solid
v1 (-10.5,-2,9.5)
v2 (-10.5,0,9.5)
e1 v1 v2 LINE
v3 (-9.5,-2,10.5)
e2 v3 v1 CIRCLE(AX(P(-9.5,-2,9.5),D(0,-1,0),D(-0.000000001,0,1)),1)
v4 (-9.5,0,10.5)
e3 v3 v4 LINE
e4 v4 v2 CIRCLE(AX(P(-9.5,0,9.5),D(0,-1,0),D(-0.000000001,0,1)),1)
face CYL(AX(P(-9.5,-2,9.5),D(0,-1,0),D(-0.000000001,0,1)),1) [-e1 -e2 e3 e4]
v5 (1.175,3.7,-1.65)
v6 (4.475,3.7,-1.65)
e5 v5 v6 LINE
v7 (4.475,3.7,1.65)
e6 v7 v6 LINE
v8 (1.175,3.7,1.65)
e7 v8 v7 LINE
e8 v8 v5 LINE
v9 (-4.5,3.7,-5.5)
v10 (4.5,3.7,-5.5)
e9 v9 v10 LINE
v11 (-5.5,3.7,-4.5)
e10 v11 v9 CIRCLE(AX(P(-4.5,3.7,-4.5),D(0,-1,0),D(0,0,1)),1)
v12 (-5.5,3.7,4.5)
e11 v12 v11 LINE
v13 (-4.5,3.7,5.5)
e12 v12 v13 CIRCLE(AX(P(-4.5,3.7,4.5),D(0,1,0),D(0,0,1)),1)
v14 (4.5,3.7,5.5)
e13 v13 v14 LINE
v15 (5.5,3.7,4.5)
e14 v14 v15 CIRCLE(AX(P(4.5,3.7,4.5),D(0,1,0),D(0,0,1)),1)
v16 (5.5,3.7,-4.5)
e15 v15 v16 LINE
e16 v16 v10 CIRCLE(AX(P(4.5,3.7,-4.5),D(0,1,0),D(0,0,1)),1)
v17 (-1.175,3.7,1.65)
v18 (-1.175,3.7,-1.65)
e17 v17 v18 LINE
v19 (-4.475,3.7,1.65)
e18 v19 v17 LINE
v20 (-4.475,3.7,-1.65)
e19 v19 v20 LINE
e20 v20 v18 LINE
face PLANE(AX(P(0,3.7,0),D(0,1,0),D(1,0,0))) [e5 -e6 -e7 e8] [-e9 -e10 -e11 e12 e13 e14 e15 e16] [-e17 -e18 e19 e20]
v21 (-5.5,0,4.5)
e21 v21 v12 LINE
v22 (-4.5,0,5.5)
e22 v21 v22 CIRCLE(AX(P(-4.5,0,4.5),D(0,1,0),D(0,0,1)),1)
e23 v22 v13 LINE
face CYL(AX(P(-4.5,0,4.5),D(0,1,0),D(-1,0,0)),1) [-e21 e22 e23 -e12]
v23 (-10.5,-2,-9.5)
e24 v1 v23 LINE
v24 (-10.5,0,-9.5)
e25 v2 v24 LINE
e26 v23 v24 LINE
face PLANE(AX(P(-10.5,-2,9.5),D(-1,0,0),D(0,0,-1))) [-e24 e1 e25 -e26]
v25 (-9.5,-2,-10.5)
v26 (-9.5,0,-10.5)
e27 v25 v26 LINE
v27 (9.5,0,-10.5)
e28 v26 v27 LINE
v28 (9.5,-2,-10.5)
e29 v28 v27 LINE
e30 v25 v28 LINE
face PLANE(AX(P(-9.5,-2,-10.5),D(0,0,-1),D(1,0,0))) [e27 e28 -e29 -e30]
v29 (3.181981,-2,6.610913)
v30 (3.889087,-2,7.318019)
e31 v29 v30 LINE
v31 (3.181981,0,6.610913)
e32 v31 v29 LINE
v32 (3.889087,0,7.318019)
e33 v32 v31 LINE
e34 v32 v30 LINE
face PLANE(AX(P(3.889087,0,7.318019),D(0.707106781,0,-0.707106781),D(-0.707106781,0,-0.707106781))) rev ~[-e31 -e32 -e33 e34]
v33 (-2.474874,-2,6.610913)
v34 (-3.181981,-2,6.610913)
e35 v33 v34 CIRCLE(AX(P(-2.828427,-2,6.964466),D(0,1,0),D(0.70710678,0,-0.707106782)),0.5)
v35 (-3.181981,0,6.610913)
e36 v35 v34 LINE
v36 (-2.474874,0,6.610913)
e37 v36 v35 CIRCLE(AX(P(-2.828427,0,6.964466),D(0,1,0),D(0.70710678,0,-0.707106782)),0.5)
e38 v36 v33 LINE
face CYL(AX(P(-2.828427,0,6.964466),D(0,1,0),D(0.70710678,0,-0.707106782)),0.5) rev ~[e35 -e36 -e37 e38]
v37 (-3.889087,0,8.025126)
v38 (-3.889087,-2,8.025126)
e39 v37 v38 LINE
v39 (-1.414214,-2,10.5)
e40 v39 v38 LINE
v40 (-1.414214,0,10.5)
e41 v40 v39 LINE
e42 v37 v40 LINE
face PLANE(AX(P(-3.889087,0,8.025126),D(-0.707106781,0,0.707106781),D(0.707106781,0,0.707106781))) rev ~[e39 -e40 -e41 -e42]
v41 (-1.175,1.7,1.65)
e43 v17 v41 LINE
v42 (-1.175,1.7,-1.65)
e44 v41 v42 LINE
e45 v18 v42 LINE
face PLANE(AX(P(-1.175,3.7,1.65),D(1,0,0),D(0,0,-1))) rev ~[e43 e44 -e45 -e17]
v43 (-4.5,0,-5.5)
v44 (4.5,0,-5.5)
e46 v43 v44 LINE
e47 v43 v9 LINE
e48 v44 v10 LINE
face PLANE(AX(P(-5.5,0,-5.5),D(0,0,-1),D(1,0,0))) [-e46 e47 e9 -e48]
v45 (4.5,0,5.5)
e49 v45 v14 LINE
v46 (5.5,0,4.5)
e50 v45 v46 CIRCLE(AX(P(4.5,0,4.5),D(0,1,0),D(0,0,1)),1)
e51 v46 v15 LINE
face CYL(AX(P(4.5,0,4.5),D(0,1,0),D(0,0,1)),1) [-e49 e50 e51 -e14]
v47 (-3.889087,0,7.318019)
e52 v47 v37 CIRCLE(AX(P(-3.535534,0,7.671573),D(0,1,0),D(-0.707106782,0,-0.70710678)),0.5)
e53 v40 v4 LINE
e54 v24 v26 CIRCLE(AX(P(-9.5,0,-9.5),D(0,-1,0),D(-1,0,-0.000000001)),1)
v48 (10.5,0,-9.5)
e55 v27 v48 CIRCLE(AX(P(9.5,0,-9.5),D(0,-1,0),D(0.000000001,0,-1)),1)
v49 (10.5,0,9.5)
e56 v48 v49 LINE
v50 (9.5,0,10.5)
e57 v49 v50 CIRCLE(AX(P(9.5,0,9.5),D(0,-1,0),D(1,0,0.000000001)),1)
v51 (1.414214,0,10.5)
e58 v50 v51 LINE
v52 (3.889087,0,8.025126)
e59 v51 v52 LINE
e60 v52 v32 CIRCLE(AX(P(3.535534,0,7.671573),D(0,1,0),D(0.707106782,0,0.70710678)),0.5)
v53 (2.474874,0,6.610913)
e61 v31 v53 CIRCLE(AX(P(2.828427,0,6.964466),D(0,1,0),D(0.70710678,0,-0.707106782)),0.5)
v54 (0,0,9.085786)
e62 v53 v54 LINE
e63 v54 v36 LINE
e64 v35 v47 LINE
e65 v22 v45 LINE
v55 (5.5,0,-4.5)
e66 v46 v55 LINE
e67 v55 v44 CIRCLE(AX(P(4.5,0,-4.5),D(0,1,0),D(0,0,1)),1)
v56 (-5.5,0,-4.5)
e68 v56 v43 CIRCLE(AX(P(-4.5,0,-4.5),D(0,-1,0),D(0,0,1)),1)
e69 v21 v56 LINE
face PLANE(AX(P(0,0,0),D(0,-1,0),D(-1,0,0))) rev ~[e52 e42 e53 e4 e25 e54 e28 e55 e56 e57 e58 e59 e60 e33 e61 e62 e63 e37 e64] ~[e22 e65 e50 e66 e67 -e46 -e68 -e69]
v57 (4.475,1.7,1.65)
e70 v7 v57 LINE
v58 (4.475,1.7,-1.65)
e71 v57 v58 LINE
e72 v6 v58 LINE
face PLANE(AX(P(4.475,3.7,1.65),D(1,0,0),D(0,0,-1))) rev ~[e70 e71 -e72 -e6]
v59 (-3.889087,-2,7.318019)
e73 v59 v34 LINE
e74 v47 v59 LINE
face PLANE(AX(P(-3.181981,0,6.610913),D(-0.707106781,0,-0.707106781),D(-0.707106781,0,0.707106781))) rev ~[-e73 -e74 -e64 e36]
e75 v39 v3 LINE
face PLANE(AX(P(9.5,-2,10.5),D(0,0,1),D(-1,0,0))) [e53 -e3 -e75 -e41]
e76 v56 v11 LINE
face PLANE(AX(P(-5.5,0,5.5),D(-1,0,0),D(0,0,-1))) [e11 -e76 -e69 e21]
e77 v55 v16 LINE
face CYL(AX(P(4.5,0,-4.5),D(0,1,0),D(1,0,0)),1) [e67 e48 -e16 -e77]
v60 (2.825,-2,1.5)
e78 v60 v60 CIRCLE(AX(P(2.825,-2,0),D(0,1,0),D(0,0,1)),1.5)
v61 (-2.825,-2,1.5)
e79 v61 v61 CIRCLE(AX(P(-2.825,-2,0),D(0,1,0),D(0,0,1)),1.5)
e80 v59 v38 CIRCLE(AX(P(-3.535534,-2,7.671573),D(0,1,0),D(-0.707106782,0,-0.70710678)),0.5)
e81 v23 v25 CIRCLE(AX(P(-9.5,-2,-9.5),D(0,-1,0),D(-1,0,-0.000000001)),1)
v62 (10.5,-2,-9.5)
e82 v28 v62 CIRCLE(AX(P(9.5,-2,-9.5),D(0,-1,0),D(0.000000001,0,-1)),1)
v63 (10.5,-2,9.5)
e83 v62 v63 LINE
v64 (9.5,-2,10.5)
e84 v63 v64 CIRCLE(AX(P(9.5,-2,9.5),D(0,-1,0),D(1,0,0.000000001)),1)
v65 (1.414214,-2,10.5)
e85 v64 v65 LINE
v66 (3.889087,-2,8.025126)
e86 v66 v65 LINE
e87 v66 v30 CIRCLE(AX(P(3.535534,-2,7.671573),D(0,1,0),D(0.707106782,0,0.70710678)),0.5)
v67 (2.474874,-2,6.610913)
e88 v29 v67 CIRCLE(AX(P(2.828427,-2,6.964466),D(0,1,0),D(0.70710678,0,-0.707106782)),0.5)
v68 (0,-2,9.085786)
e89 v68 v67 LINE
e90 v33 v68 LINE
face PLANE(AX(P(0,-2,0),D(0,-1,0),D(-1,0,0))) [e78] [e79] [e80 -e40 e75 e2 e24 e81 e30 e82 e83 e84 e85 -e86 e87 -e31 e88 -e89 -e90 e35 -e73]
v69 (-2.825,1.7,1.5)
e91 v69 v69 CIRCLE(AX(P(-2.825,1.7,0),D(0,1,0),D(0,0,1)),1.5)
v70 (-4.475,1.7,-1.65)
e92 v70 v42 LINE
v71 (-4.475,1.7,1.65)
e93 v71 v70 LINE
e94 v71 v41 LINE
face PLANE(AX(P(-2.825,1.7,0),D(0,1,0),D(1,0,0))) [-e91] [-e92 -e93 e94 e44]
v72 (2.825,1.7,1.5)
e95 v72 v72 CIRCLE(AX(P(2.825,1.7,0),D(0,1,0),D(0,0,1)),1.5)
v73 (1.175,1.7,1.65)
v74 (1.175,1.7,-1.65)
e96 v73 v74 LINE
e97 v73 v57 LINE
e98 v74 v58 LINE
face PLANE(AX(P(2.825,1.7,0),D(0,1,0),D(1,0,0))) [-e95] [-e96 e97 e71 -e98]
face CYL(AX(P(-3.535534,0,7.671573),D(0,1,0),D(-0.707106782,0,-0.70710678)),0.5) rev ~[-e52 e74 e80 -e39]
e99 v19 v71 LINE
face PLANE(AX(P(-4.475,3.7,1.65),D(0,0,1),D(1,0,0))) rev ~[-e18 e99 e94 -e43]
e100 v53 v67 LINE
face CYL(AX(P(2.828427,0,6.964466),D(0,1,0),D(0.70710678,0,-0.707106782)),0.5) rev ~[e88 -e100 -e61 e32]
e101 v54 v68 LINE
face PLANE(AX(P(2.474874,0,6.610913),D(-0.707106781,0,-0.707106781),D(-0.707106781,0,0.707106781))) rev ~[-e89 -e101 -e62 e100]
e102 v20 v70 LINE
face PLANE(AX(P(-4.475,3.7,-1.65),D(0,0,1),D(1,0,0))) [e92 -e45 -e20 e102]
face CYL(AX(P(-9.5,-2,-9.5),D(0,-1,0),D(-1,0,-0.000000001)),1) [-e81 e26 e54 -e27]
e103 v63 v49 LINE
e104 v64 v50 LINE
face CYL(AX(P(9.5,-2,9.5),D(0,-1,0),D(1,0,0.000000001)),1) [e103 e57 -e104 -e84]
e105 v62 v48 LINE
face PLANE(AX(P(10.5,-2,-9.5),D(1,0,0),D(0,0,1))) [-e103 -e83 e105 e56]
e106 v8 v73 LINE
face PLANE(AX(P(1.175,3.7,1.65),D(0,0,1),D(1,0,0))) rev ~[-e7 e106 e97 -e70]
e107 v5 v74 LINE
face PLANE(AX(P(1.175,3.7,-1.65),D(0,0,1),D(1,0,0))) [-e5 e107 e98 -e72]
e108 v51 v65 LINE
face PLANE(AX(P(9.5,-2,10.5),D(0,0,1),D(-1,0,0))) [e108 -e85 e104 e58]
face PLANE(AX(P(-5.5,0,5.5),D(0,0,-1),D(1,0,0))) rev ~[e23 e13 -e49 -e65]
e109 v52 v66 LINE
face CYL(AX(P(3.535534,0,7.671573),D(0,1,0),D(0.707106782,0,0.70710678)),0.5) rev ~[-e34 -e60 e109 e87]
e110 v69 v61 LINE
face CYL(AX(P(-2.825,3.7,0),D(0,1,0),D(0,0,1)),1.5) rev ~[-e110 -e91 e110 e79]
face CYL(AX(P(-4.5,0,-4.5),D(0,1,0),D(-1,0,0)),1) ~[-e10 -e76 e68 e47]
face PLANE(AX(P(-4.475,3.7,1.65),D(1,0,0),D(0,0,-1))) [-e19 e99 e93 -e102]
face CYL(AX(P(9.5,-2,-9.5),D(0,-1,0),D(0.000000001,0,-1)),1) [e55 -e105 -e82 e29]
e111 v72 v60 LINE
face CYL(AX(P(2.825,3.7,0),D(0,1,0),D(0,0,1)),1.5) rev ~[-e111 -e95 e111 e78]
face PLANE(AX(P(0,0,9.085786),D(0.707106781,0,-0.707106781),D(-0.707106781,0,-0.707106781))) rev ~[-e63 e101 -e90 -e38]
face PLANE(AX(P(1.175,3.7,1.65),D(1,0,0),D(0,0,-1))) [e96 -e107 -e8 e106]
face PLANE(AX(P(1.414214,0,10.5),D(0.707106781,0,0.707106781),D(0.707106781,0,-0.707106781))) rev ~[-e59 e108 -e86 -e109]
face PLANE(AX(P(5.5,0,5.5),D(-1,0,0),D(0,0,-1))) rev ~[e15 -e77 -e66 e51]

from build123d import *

# Parameters (mm, degrees)
SKETCH1_W           = 11
SKETCH1_H           = 11
BOSS_EXTRUDE1_DEPTH = 3.7
FILLET1_R           = 1
SKETCH2_W           = 3.3
SKETCH2_H           = 3.3
CUT_EXTRUDE1_DEPTH  = 2
SKETCH4_R           = 2.2
BOSS_EXTRUDE2_DEPTH = 2
BOSS_EXTRUDE3_DEPTH = 2
SKETCH3_R           = 1.5
CUT_EXTRUDE2_DEPTH  = 16.90565937
CUT_EXTRUDE3_DEPTH  = 16.303267625


with BuildPart() as part:
    # Sketch1 → Boss-Extrude1 (new body)
    with BuildSketch(Plane(origin=(0, 0, 0), x_dir=(1, 0, 0), z_dir=(0, 1, 0))):
        Rectangle(SKETCH1_W, SKETCH1_H)
    extrude(amount=BOSS_EXTRUDE1_DEPTH)

    # Fillet1
    fillet1_edges = [part.edges().sort_by_distance(p)[0] for p in [
        (5.5, 1.85, 5.5),
        (-5.5, 1.85, 5.5),
        (-5.5, 1.85, -5.5),
        (5.5, 1.85, -5.5),
    ]]
    fillet(fillet1_edges, radius=FILLET1_R)

    # Sketch2 → Cut-Extrude1 (cut)
    with BuildSketch(Plane(origin=(0, 3.7, 0), x_dir=(1, 0, 0), z_dir=(0, 1, 0))):
        with Locations((-2.825, 0)):
            Rectangle(SKETCH2_W, SKETCH2_H)
        with Locations((2.825, 0)):
            Rectangle(SKETCH2_W, SKETCH2_H)
    extrude(amount=-CUT_EXTRUDE1_DEPTH, mode=Mode.SUBTRACT)

    # Sketch4 → Boss-Extrude2 (add)
    with BuildSketch(Plane(origin=(0, 0, 0), x_dir=(-1, 0, 0), z_dir=(0, -1, 0))):
        with Locations(Location((2.825, 0, 0), (0, 0, 90))):
            Circle(SKETCH4_R)
        with Locations(Location((-2.825, 0, 0), (0, 0, 90))):
            Circle(SKETCH4_R)
    extrude(amount=BOSS_EXTRUDE2_DEPTH)

    # Sketch5 → Boss-Extrude3 (add)
    with BuildSketch(Plane(origin=(0, -2, 0), x_dir=(-1, 0, 0), z_dir=(0, -1, 0))):
        with BuildLine():
            Line((9.5, 10.5), (-9.5, 10.5))
            ThreePointArc((-9.5, 10.5), (-10.207106781, 10.207106781), (-10.5, 9.5))
            Line((-10.5, 9.5), (-10.5, -9.5))
            ThreePointArc((-10.5, -9.5), (-10.207106781, -10.207106781), (-9.5, -10.5))
            Line((-9.5, -10.5), (9.5, -10.5))
            ThreePointArc((9.5, -10.5), (10.207106781, -10.207106781), (10.5, -9.5))
            Line((10.5, -9.5), (10.5, 9.5))
            ThreePointArc((10.5, 9.5), (10.207106781, 10.207106781), (9.5, 10.5))
        make_face()
    extrude(amount=-BOSS_EXTRUDE3_DEPTH)

    # Sketch3 → Cut-Extrude2 (cut, through all)
    with BuildSketch(Plane(origin=(0, 3.7, 0), x_dir=(1, 0, 0), z_dir=(0, 1, 0))):
        with Locations(Location((-2.825, 0, 0), (0, 0, 270))):
            Circle(SKETCH3_R)
        with Locations(Location((2.825, 0, 0), (0, 0, 270))):
            Circle(SKETCH3_R)
    extrude(amount=-CUT_EXTRUDE2_DEPTH, mode=Mode.SUBTRACT)

    # Sketch7 → Cut-Extrude3 (cut, through all)
    with BuildSketch(Plane(origin=(0, 0, 0), x_dir=(1, 0, 0), z_dir=(0, 1, 0))):
        with BuildLine():
            Line((0, -9.085786438), (1.414213562, -10.5))
            Line((1.414213562, -10.5), (3.889087297, -8.025126266))
            ThreePointArc((3.889087297, -8.025126266), (4.035533906, -7.671572875), (3.889087297, -7.318019485))
            Line((3.889087297, -7.318019485), (3.181980515, -6.610912703))
            ThreePointArc((3.181980515, -6.610912703), (2.828427125, -6.464466094), (2.474873734, -6.610912703))
            Line((2.474873734, -6.610912703), (0, -9.085786438))
        make_face()
        with BuildLine():
            Line((-3.889087297, -8.025126266), (-1.414213562, -10.5))
            Line((-1.414213562, -10.5), (0, -9.085786438))
            Line((0, -9.085786438), (-2.474873734, -6.610912703))
            ThreePointArc((-2.474873734, -6.610912703), (-2.828427125, -6.464466094), (-3.181980515, -6.610912703))
            Line((-3.181980515, -6.610912703), (-3.889087297, -7.318019485))
            ThreePointArc((-3.889087297, -7.318019485), (-4.035533906, -7.671572875), (-3.889087297, -8.025126266))
        make_face()
        Polygon((-1.414213562, -10.5), (1.414213562, -10.5), (0, -9.085786438), align=None)
    extrude(amount=-CUT_EXTRUDE3_DEPTH, mode=Mode.SUBTRACT)


solid = part.part
